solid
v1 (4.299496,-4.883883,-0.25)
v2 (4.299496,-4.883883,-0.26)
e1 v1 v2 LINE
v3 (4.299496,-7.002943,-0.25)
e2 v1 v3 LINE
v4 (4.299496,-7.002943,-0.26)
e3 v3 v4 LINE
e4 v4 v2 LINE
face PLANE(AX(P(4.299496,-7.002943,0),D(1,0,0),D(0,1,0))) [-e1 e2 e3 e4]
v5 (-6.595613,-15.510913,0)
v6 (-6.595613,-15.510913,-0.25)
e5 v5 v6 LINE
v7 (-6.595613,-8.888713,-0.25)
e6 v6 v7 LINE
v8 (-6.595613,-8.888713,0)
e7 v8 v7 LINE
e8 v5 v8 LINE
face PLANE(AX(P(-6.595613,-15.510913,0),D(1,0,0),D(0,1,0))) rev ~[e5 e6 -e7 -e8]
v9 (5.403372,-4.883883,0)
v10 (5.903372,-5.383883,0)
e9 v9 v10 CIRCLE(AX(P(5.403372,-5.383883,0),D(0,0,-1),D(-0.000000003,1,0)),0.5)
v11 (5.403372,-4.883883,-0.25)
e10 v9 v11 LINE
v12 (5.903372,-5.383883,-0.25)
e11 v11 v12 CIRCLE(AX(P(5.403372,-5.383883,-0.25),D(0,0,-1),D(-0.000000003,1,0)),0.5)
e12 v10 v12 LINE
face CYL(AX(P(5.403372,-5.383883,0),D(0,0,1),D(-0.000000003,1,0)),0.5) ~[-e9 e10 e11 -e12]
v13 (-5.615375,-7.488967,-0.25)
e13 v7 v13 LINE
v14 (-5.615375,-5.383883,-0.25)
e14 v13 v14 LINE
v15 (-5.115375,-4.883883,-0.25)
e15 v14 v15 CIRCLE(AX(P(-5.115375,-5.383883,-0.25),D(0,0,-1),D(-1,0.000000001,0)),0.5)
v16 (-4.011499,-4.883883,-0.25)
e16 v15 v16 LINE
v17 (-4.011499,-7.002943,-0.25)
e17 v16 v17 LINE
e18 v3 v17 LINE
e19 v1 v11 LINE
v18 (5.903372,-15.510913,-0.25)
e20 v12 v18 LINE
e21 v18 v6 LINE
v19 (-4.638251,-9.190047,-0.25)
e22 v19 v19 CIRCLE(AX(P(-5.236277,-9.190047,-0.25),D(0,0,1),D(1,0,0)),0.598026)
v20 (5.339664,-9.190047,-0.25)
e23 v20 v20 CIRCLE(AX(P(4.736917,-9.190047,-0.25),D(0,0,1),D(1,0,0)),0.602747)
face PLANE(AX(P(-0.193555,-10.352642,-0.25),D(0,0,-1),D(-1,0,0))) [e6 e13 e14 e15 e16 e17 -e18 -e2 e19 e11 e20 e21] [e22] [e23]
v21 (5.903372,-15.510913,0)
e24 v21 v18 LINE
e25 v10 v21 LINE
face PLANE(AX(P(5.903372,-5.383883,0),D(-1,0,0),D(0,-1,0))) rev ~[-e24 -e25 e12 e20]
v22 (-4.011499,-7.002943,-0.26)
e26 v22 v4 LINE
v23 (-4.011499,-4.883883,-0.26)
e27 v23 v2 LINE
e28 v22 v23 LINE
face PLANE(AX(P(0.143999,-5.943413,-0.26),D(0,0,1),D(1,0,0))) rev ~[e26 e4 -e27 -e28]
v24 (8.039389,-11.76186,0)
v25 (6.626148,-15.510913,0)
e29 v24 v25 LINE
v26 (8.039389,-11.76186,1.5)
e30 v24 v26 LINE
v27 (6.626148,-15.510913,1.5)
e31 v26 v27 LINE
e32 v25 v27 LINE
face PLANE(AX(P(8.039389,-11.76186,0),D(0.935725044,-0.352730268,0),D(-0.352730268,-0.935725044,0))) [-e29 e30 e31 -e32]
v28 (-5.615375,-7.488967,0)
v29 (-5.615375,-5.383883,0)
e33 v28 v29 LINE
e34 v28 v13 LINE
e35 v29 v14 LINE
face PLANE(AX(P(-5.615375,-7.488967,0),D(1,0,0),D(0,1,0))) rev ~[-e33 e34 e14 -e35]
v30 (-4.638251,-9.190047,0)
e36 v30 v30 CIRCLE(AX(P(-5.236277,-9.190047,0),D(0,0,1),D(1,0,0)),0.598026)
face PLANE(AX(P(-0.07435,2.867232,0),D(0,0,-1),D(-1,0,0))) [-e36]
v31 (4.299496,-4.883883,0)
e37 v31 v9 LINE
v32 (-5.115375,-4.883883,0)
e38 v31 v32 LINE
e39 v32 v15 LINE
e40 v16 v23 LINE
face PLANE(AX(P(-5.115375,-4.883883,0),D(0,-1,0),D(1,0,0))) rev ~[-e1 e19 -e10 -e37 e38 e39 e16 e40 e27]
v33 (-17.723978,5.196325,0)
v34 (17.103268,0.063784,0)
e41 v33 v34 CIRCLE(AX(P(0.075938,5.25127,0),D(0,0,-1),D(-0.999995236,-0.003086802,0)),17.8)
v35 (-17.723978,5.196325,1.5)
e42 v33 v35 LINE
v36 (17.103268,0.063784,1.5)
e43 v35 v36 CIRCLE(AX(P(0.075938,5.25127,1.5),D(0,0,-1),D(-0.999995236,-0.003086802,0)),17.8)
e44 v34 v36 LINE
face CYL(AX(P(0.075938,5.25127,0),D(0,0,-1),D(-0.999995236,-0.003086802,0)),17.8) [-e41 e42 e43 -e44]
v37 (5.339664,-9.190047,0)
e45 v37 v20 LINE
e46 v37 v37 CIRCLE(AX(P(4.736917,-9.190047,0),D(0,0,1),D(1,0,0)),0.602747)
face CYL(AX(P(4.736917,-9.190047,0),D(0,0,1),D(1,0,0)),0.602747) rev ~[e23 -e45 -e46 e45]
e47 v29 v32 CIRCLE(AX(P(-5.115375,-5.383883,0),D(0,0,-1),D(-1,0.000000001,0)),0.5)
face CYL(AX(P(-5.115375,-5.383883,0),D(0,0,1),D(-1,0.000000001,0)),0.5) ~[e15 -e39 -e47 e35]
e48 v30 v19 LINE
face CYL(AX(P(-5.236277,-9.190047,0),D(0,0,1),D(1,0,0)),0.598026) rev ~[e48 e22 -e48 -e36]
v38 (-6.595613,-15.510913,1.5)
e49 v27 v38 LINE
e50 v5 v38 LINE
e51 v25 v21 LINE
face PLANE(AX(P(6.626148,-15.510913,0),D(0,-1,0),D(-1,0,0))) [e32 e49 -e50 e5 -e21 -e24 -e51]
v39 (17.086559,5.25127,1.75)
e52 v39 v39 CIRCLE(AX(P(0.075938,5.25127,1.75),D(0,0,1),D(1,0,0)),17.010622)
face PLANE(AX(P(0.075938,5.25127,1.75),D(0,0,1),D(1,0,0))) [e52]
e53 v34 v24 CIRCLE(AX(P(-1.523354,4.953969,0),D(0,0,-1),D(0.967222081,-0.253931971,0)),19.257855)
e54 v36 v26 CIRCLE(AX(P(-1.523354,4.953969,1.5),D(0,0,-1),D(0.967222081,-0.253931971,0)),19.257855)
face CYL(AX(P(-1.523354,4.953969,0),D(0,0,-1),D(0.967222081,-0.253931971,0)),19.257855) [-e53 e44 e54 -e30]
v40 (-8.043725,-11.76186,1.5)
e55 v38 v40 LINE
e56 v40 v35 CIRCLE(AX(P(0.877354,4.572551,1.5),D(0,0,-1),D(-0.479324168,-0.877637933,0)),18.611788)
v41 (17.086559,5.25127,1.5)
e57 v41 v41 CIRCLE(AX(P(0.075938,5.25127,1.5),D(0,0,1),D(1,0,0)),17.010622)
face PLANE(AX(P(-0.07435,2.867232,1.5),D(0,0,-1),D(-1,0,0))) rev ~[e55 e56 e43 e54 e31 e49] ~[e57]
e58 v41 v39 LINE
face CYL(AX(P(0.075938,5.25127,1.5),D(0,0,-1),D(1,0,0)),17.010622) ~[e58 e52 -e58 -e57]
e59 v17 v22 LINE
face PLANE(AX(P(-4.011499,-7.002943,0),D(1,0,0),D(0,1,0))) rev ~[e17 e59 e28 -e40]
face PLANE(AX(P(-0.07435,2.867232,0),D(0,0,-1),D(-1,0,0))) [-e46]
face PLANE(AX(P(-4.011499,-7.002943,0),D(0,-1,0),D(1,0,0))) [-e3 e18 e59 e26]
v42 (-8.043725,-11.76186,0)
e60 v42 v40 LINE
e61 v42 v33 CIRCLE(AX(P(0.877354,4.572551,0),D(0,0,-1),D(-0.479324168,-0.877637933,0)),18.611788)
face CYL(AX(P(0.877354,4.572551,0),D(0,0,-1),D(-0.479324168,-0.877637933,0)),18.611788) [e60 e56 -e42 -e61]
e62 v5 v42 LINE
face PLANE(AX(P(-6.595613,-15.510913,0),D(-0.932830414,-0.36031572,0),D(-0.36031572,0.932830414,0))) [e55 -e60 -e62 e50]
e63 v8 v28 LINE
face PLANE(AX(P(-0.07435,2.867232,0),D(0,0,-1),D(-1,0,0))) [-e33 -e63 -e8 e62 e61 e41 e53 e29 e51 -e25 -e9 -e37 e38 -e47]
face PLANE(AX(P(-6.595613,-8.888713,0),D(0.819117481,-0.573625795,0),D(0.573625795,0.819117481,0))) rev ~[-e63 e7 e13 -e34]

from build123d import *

# Parameters (mm, degrees)
LANGUETTE_R        = 0.598025677
LANGUETTE_R_2      = 0.602747005
BOSS_EXTRU_1_DEPTH = 0.25
CONTACTS_W         = 8.310994675
CONTACTS_H         = 2.119060631
BOSS_EXTRU_2_DEPTH = 0.26
BOSS_EXTRU_3_DEPTH = 1.5
ESQUISSE7_R        = 17.010621832
BOSS_EXTRU_4_DEPTH = 0.25


with BuildPart() as part:
    # languette → Boss.-Extru.1 (new body)
    with BuildSketch(Plane.XY):
        with BuildLine():
            Line((-6.595613447, -8.888713039), (-5.615374712, -7.488966567))
            Line((-5.615374712, -7.488966567), (-5.615374712, -5.383882856))
            ThreePointArc((-5.615374712, -5.383882856), (-5.468928102, -5.030329465), (-5.115374712, -4.883882856))
            Line((-5.115374712, -4.883882856), (5.403372294, -4.883882856))
            ThreePointArc((5.403372294, -4.883882856), (5.756925685, -5.030329465), (5.903372294, -5.383882856))
            Line((5.903372294, -5.383882856), (5.903372294, -15.510913379))
            Line((5.903372294, -15.510913379), (-6.595613447, -15.510913379))
            Line((-6.595613447, -15.510913379), (-6.595613447, -8.888713039))
        make_face()
        with Locations((-5.236276709, -9.190047348)):
            Circle(LANGUETTE_R, mode=Mode.SUBTRACT)
        with Locations((4.736916901, -9.190047348)):
            Circle(LANGUETTE_R_2, mode=Mode.SUBTRACT)
    extrude(amount=-BOSS_EXTRU_1_DEPTH)

    # contacts → Boss.-Extru.2 (add)
    with BuildSketch(Plane.XY):
        with Locations((0.143998792, -5.943413172)):
            Rectangle(CONTACTS_W, CONTACTS_H)
    extrude(amount=-BOSS_EXTRU_2_DEPTH)

    # Esquisse6 → Boss.-Extru.3 (add)
    with BuildSketch(Plane.XY):
        with BuildLine():
            Line((-6.595613447, -15.510913379), (-8.043725423, -11.761859924))
            ThreePointArc((-8.043725423, -11.761859924), (-15.286364086, -4.654195518), (-17.723977577, 5.196324701))
            ThreePointArc((-17.723977577, 5.196324701), (2.671119001, 22.861069139), (17.103268201, 0.063783556))
            ThreePointArc((17.103268201, 0.063783556), (13.761328931, -6.761125674), (8.03938861, -11.761859924))
            Line((8.03938861, -11.761859924), (6.626148003, -15.510913379))
            Line((6.626148003, -15.510913379), (-6.595613447, -15.510913379))
        make_face()
    extrude(amount=BOSS_EXTRU_3_DEPTH)

    # Esquisse7 → Boss.-Extru.4 (add)
    with BuildSketch(Plane.XY.offset(1.5)):
        with Locations((0.07593762, 5.251269776)):
            Circle(ESQUISSE7_R)
    extrude(amount=BOSS_EXTRU_4_DEPTH)


solid = part.part
